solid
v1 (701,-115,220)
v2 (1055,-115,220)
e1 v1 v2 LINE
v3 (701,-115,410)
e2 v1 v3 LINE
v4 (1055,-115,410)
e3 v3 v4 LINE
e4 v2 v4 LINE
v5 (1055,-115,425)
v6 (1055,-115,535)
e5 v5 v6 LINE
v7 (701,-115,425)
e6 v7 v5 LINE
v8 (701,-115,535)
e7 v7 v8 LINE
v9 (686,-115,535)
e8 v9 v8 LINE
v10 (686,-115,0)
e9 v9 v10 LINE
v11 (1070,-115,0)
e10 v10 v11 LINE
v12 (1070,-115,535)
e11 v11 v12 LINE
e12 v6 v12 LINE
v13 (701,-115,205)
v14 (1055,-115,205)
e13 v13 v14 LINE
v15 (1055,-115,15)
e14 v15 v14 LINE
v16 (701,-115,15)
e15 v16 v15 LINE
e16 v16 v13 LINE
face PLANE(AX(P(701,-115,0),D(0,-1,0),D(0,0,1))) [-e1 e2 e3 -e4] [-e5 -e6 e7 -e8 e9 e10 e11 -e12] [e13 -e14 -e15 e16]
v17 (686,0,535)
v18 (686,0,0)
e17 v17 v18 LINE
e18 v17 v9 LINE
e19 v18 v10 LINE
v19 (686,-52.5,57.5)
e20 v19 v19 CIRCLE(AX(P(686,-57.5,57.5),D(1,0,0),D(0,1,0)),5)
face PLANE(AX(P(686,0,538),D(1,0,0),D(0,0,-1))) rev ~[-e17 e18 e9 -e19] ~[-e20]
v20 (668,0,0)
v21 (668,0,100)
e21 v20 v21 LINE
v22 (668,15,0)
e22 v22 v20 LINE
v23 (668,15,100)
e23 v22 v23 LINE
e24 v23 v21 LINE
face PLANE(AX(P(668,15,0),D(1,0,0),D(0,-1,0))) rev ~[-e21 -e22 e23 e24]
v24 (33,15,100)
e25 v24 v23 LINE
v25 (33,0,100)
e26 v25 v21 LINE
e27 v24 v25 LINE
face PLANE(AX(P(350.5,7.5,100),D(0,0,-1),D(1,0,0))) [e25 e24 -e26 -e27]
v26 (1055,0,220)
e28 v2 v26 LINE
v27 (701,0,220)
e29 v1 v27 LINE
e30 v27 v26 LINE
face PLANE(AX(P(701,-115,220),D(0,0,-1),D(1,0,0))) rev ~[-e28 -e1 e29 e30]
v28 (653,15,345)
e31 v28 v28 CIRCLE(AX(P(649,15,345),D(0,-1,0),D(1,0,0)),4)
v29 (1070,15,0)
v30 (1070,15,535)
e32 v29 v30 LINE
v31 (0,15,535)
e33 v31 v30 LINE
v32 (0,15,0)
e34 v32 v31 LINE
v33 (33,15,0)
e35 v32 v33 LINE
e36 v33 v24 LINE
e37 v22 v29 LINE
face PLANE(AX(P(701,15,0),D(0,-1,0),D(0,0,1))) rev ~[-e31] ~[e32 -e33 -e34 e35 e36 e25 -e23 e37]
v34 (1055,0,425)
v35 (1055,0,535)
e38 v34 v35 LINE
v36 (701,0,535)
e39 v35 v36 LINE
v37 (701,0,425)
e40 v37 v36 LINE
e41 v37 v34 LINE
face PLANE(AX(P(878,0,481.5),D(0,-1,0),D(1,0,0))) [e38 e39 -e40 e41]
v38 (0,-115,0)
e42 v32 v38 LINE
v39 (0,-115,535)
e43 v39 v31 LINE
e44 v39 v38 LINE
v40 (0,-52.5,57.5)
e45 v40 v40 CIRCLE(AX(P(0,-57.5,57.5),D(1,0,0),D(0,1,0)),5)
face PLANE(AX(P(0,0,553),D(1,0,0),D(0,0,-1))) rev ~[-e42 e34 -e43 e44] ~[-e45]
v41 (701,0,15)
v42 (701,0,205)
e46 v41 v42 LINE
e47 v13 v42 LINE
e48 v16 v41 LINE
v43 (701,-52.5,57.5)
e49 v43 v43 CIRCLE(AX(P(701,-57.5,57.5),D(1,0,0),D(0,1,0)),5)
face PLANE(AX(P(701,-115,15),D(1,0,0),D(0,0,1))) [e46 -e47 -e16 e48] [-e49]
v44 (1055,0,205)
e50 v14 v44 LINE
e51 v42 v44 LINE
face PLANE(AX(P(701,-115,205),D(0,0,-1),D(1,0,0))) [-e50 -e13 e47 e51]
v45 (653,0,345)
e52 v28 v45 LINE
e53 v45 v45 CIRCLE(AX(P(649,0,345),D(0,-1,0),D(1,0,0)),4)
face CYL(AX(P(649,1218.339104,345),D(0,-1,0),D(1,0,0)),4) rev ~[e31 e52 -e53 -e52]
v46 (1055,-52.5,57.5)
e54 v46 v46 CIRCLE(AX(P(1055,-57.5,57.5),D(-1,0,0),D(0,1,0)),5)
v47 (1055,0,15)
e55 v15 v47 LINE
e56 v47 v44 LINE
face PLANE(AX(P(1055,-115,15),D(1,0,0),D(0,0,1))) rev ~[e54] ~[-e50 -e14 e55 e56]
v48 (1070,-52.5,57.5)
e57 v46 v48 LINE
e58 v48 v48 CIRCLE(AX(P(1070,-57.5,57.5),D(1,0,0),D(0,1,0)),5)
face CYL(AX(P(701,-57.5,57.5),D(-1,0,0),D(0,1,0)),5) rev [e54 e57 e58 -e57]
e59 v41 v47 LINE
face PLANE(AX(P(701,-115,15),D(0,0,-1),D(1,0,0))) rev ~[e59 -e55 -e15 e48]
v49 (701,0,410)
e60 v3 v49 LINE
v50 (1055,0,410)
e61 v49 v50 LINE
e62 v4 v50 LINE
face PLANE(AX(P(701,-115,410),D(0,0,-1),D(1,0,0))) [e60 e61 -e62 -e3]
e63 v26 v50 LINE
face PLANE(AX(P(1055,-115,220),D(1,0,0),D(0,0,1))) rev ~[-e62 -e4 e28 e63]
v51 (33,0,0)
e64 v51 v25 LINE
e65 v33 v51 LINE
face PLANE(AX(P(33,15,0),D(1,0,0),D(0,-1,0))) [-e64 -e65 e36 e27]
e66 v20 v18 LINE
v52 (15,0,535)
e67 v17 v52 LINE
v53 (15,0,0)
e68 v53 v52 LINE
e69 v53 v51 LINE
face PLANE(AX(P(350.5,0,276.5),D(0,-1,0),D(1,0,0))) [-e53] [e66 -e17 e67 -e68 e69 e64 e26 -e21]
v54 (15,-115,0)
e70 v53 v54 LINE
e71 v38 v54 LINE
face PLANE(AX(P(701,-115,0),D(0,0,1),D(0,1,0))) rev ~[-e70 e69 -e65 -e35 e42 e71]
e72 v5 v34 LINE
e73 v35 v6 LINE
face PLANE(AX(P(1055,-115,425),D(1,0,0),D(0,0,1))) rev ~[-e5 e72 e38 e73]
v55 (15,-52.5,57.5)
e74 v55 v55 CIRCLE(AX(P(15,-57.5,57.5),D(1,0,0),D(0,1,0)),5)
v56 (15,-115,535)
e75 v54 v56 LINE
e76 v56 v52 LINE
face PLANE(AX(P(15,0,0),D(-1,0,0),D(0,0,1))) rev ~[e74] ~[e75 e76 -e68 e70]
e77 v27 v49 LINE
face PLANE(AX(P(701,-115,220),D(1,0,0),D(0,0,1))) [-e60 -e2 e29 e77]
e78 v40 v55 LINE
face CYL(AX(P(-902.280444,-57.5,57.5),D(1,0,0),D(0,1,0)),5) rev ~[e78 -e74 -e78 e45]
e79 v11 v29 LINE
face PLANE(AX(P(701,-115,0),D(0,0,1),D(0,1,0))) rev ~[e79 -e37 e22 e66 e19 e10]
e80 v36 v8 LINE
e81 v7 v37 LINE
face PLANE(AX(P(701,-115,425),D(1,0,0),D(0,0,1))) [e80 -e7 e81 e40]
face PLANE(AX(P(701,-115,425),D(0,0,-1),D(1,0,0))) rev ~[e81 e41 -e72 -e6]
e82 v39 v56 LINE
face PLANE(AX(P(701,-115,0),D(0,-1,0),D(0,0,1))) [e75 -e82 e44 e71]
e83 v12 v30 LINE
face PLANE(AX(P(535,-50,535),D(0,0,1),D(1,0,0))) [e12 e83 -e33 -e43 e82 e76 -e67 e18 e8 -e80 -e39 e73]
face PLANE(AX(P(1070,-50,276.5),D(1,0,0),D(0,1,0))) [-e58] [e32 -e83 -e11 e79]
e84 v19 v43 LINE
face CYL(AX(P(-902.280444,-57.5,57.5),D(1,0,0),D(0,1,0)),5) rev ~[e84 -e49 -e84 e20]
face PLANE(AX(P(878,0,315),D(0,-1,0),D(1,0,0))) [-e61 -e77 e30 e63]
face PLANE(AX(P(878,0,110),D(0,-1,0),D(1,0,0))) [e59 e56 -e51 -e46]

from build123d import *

# Parameters (mm, degrees)
F0_W      = 701
F0_H      = 553
F1_DEPTH  = 15
F3_DEPTH  = 115
F5_D      = 10
F6_W      = 130
F6_H      = 553
F6_R      = 5
F7_DEPTH  = 369
F8_W      = 354
F8_H      = 113
F8_H_2    = 190
F9_DEPTH  = 115
F10_W     = 1070
F10_H     = 130
F11_DEPTH = 18
F12_W     = 635
F12_H     = 15
F13_DEPTH = 100
F15_D     = 8


with BuildPart() as f1:
    # F0 (on Front) → F1 (new body)
    with BuildSketch(Plane.XZ):
        with Locations((350.5, 276.5)):
            Rectangle(F0_W, F0_H)
    extrude(amount=-F1_DEPTH)

    # F2 (on face) → F3 (join)
    with BuildSketch(Plane.XZ):
        Polygon((0, 553), (0, 0), (15, 0), (15, 538), (686, 538), (686, 0), (701, 0), (701, 553), align=None)
    extrude(amount=F3_DEPTH)

    # F5 (through all)
    with Locations(Plane(origin=(0, 0, 0), x_dir=(0, -1, 0), z_dir=(-1, 0, 0))):
        with Locations((57.5, 57.5)):
            Hole(F5_D / 2)

    # F6 (on face) → F7 (join)
    with BuildSketch(Plane.YZ.offset(701)):
        with Locations((-50, 276.5)):
            Rectangle(F6_W, F6_H)
        with Locations((-57.5, 57.5)):
            Circle(F6_R, mode=Mode.SUBTRACT)
    extrude(amount=F7_DEPTH)

    # F8 (on face) → F9 (cut, through all)
    with BuildSketch(Plane.XZ.offset(115)):
        with Locations((878, 481.5)):
            Rectangle(F8_W, F8_H)
        with Locations((878, 315)):
            Rectangle(F8_W, F8_H_2)
        with Locations((878, 110)):
            Rectangle(F8_W, F8_H_2)
    extrude(amount=-F9_DEPTH, mode=Mode.SUBTRACT)

    # F10 (on face) → F11 (cut)
    with BuildSketch(Plane.XY.offset(553)):
        with Locations((535, -50)):
            Rectangle(F10_W, F10_H)
    extrude(amount=-F11_DEPTH, mode=Mode.SUBTRACT)

    # F12 (on face) → F13 (cut)
    with BuildSketch(Plane(origin=(0, 0, 0), x_dir=(1, 0, 0), z_dir=(0, 0, -1))):
        with Locations((350.5, -7.5)):
            Rectangle(F12_W, F12_H)
    extrude(amount=-F13_DEPTH, mode=Mode.SUBTRACT)

    # F15 (through all)
    with Locations(Plane(origin=(0, 15, 0), x_dir=(-1, 0, 0), z_dir=(0, 1, 0))):
        with Locations((-649, 345)):
            Hole(F15_D / 2)


solid = f1.part
